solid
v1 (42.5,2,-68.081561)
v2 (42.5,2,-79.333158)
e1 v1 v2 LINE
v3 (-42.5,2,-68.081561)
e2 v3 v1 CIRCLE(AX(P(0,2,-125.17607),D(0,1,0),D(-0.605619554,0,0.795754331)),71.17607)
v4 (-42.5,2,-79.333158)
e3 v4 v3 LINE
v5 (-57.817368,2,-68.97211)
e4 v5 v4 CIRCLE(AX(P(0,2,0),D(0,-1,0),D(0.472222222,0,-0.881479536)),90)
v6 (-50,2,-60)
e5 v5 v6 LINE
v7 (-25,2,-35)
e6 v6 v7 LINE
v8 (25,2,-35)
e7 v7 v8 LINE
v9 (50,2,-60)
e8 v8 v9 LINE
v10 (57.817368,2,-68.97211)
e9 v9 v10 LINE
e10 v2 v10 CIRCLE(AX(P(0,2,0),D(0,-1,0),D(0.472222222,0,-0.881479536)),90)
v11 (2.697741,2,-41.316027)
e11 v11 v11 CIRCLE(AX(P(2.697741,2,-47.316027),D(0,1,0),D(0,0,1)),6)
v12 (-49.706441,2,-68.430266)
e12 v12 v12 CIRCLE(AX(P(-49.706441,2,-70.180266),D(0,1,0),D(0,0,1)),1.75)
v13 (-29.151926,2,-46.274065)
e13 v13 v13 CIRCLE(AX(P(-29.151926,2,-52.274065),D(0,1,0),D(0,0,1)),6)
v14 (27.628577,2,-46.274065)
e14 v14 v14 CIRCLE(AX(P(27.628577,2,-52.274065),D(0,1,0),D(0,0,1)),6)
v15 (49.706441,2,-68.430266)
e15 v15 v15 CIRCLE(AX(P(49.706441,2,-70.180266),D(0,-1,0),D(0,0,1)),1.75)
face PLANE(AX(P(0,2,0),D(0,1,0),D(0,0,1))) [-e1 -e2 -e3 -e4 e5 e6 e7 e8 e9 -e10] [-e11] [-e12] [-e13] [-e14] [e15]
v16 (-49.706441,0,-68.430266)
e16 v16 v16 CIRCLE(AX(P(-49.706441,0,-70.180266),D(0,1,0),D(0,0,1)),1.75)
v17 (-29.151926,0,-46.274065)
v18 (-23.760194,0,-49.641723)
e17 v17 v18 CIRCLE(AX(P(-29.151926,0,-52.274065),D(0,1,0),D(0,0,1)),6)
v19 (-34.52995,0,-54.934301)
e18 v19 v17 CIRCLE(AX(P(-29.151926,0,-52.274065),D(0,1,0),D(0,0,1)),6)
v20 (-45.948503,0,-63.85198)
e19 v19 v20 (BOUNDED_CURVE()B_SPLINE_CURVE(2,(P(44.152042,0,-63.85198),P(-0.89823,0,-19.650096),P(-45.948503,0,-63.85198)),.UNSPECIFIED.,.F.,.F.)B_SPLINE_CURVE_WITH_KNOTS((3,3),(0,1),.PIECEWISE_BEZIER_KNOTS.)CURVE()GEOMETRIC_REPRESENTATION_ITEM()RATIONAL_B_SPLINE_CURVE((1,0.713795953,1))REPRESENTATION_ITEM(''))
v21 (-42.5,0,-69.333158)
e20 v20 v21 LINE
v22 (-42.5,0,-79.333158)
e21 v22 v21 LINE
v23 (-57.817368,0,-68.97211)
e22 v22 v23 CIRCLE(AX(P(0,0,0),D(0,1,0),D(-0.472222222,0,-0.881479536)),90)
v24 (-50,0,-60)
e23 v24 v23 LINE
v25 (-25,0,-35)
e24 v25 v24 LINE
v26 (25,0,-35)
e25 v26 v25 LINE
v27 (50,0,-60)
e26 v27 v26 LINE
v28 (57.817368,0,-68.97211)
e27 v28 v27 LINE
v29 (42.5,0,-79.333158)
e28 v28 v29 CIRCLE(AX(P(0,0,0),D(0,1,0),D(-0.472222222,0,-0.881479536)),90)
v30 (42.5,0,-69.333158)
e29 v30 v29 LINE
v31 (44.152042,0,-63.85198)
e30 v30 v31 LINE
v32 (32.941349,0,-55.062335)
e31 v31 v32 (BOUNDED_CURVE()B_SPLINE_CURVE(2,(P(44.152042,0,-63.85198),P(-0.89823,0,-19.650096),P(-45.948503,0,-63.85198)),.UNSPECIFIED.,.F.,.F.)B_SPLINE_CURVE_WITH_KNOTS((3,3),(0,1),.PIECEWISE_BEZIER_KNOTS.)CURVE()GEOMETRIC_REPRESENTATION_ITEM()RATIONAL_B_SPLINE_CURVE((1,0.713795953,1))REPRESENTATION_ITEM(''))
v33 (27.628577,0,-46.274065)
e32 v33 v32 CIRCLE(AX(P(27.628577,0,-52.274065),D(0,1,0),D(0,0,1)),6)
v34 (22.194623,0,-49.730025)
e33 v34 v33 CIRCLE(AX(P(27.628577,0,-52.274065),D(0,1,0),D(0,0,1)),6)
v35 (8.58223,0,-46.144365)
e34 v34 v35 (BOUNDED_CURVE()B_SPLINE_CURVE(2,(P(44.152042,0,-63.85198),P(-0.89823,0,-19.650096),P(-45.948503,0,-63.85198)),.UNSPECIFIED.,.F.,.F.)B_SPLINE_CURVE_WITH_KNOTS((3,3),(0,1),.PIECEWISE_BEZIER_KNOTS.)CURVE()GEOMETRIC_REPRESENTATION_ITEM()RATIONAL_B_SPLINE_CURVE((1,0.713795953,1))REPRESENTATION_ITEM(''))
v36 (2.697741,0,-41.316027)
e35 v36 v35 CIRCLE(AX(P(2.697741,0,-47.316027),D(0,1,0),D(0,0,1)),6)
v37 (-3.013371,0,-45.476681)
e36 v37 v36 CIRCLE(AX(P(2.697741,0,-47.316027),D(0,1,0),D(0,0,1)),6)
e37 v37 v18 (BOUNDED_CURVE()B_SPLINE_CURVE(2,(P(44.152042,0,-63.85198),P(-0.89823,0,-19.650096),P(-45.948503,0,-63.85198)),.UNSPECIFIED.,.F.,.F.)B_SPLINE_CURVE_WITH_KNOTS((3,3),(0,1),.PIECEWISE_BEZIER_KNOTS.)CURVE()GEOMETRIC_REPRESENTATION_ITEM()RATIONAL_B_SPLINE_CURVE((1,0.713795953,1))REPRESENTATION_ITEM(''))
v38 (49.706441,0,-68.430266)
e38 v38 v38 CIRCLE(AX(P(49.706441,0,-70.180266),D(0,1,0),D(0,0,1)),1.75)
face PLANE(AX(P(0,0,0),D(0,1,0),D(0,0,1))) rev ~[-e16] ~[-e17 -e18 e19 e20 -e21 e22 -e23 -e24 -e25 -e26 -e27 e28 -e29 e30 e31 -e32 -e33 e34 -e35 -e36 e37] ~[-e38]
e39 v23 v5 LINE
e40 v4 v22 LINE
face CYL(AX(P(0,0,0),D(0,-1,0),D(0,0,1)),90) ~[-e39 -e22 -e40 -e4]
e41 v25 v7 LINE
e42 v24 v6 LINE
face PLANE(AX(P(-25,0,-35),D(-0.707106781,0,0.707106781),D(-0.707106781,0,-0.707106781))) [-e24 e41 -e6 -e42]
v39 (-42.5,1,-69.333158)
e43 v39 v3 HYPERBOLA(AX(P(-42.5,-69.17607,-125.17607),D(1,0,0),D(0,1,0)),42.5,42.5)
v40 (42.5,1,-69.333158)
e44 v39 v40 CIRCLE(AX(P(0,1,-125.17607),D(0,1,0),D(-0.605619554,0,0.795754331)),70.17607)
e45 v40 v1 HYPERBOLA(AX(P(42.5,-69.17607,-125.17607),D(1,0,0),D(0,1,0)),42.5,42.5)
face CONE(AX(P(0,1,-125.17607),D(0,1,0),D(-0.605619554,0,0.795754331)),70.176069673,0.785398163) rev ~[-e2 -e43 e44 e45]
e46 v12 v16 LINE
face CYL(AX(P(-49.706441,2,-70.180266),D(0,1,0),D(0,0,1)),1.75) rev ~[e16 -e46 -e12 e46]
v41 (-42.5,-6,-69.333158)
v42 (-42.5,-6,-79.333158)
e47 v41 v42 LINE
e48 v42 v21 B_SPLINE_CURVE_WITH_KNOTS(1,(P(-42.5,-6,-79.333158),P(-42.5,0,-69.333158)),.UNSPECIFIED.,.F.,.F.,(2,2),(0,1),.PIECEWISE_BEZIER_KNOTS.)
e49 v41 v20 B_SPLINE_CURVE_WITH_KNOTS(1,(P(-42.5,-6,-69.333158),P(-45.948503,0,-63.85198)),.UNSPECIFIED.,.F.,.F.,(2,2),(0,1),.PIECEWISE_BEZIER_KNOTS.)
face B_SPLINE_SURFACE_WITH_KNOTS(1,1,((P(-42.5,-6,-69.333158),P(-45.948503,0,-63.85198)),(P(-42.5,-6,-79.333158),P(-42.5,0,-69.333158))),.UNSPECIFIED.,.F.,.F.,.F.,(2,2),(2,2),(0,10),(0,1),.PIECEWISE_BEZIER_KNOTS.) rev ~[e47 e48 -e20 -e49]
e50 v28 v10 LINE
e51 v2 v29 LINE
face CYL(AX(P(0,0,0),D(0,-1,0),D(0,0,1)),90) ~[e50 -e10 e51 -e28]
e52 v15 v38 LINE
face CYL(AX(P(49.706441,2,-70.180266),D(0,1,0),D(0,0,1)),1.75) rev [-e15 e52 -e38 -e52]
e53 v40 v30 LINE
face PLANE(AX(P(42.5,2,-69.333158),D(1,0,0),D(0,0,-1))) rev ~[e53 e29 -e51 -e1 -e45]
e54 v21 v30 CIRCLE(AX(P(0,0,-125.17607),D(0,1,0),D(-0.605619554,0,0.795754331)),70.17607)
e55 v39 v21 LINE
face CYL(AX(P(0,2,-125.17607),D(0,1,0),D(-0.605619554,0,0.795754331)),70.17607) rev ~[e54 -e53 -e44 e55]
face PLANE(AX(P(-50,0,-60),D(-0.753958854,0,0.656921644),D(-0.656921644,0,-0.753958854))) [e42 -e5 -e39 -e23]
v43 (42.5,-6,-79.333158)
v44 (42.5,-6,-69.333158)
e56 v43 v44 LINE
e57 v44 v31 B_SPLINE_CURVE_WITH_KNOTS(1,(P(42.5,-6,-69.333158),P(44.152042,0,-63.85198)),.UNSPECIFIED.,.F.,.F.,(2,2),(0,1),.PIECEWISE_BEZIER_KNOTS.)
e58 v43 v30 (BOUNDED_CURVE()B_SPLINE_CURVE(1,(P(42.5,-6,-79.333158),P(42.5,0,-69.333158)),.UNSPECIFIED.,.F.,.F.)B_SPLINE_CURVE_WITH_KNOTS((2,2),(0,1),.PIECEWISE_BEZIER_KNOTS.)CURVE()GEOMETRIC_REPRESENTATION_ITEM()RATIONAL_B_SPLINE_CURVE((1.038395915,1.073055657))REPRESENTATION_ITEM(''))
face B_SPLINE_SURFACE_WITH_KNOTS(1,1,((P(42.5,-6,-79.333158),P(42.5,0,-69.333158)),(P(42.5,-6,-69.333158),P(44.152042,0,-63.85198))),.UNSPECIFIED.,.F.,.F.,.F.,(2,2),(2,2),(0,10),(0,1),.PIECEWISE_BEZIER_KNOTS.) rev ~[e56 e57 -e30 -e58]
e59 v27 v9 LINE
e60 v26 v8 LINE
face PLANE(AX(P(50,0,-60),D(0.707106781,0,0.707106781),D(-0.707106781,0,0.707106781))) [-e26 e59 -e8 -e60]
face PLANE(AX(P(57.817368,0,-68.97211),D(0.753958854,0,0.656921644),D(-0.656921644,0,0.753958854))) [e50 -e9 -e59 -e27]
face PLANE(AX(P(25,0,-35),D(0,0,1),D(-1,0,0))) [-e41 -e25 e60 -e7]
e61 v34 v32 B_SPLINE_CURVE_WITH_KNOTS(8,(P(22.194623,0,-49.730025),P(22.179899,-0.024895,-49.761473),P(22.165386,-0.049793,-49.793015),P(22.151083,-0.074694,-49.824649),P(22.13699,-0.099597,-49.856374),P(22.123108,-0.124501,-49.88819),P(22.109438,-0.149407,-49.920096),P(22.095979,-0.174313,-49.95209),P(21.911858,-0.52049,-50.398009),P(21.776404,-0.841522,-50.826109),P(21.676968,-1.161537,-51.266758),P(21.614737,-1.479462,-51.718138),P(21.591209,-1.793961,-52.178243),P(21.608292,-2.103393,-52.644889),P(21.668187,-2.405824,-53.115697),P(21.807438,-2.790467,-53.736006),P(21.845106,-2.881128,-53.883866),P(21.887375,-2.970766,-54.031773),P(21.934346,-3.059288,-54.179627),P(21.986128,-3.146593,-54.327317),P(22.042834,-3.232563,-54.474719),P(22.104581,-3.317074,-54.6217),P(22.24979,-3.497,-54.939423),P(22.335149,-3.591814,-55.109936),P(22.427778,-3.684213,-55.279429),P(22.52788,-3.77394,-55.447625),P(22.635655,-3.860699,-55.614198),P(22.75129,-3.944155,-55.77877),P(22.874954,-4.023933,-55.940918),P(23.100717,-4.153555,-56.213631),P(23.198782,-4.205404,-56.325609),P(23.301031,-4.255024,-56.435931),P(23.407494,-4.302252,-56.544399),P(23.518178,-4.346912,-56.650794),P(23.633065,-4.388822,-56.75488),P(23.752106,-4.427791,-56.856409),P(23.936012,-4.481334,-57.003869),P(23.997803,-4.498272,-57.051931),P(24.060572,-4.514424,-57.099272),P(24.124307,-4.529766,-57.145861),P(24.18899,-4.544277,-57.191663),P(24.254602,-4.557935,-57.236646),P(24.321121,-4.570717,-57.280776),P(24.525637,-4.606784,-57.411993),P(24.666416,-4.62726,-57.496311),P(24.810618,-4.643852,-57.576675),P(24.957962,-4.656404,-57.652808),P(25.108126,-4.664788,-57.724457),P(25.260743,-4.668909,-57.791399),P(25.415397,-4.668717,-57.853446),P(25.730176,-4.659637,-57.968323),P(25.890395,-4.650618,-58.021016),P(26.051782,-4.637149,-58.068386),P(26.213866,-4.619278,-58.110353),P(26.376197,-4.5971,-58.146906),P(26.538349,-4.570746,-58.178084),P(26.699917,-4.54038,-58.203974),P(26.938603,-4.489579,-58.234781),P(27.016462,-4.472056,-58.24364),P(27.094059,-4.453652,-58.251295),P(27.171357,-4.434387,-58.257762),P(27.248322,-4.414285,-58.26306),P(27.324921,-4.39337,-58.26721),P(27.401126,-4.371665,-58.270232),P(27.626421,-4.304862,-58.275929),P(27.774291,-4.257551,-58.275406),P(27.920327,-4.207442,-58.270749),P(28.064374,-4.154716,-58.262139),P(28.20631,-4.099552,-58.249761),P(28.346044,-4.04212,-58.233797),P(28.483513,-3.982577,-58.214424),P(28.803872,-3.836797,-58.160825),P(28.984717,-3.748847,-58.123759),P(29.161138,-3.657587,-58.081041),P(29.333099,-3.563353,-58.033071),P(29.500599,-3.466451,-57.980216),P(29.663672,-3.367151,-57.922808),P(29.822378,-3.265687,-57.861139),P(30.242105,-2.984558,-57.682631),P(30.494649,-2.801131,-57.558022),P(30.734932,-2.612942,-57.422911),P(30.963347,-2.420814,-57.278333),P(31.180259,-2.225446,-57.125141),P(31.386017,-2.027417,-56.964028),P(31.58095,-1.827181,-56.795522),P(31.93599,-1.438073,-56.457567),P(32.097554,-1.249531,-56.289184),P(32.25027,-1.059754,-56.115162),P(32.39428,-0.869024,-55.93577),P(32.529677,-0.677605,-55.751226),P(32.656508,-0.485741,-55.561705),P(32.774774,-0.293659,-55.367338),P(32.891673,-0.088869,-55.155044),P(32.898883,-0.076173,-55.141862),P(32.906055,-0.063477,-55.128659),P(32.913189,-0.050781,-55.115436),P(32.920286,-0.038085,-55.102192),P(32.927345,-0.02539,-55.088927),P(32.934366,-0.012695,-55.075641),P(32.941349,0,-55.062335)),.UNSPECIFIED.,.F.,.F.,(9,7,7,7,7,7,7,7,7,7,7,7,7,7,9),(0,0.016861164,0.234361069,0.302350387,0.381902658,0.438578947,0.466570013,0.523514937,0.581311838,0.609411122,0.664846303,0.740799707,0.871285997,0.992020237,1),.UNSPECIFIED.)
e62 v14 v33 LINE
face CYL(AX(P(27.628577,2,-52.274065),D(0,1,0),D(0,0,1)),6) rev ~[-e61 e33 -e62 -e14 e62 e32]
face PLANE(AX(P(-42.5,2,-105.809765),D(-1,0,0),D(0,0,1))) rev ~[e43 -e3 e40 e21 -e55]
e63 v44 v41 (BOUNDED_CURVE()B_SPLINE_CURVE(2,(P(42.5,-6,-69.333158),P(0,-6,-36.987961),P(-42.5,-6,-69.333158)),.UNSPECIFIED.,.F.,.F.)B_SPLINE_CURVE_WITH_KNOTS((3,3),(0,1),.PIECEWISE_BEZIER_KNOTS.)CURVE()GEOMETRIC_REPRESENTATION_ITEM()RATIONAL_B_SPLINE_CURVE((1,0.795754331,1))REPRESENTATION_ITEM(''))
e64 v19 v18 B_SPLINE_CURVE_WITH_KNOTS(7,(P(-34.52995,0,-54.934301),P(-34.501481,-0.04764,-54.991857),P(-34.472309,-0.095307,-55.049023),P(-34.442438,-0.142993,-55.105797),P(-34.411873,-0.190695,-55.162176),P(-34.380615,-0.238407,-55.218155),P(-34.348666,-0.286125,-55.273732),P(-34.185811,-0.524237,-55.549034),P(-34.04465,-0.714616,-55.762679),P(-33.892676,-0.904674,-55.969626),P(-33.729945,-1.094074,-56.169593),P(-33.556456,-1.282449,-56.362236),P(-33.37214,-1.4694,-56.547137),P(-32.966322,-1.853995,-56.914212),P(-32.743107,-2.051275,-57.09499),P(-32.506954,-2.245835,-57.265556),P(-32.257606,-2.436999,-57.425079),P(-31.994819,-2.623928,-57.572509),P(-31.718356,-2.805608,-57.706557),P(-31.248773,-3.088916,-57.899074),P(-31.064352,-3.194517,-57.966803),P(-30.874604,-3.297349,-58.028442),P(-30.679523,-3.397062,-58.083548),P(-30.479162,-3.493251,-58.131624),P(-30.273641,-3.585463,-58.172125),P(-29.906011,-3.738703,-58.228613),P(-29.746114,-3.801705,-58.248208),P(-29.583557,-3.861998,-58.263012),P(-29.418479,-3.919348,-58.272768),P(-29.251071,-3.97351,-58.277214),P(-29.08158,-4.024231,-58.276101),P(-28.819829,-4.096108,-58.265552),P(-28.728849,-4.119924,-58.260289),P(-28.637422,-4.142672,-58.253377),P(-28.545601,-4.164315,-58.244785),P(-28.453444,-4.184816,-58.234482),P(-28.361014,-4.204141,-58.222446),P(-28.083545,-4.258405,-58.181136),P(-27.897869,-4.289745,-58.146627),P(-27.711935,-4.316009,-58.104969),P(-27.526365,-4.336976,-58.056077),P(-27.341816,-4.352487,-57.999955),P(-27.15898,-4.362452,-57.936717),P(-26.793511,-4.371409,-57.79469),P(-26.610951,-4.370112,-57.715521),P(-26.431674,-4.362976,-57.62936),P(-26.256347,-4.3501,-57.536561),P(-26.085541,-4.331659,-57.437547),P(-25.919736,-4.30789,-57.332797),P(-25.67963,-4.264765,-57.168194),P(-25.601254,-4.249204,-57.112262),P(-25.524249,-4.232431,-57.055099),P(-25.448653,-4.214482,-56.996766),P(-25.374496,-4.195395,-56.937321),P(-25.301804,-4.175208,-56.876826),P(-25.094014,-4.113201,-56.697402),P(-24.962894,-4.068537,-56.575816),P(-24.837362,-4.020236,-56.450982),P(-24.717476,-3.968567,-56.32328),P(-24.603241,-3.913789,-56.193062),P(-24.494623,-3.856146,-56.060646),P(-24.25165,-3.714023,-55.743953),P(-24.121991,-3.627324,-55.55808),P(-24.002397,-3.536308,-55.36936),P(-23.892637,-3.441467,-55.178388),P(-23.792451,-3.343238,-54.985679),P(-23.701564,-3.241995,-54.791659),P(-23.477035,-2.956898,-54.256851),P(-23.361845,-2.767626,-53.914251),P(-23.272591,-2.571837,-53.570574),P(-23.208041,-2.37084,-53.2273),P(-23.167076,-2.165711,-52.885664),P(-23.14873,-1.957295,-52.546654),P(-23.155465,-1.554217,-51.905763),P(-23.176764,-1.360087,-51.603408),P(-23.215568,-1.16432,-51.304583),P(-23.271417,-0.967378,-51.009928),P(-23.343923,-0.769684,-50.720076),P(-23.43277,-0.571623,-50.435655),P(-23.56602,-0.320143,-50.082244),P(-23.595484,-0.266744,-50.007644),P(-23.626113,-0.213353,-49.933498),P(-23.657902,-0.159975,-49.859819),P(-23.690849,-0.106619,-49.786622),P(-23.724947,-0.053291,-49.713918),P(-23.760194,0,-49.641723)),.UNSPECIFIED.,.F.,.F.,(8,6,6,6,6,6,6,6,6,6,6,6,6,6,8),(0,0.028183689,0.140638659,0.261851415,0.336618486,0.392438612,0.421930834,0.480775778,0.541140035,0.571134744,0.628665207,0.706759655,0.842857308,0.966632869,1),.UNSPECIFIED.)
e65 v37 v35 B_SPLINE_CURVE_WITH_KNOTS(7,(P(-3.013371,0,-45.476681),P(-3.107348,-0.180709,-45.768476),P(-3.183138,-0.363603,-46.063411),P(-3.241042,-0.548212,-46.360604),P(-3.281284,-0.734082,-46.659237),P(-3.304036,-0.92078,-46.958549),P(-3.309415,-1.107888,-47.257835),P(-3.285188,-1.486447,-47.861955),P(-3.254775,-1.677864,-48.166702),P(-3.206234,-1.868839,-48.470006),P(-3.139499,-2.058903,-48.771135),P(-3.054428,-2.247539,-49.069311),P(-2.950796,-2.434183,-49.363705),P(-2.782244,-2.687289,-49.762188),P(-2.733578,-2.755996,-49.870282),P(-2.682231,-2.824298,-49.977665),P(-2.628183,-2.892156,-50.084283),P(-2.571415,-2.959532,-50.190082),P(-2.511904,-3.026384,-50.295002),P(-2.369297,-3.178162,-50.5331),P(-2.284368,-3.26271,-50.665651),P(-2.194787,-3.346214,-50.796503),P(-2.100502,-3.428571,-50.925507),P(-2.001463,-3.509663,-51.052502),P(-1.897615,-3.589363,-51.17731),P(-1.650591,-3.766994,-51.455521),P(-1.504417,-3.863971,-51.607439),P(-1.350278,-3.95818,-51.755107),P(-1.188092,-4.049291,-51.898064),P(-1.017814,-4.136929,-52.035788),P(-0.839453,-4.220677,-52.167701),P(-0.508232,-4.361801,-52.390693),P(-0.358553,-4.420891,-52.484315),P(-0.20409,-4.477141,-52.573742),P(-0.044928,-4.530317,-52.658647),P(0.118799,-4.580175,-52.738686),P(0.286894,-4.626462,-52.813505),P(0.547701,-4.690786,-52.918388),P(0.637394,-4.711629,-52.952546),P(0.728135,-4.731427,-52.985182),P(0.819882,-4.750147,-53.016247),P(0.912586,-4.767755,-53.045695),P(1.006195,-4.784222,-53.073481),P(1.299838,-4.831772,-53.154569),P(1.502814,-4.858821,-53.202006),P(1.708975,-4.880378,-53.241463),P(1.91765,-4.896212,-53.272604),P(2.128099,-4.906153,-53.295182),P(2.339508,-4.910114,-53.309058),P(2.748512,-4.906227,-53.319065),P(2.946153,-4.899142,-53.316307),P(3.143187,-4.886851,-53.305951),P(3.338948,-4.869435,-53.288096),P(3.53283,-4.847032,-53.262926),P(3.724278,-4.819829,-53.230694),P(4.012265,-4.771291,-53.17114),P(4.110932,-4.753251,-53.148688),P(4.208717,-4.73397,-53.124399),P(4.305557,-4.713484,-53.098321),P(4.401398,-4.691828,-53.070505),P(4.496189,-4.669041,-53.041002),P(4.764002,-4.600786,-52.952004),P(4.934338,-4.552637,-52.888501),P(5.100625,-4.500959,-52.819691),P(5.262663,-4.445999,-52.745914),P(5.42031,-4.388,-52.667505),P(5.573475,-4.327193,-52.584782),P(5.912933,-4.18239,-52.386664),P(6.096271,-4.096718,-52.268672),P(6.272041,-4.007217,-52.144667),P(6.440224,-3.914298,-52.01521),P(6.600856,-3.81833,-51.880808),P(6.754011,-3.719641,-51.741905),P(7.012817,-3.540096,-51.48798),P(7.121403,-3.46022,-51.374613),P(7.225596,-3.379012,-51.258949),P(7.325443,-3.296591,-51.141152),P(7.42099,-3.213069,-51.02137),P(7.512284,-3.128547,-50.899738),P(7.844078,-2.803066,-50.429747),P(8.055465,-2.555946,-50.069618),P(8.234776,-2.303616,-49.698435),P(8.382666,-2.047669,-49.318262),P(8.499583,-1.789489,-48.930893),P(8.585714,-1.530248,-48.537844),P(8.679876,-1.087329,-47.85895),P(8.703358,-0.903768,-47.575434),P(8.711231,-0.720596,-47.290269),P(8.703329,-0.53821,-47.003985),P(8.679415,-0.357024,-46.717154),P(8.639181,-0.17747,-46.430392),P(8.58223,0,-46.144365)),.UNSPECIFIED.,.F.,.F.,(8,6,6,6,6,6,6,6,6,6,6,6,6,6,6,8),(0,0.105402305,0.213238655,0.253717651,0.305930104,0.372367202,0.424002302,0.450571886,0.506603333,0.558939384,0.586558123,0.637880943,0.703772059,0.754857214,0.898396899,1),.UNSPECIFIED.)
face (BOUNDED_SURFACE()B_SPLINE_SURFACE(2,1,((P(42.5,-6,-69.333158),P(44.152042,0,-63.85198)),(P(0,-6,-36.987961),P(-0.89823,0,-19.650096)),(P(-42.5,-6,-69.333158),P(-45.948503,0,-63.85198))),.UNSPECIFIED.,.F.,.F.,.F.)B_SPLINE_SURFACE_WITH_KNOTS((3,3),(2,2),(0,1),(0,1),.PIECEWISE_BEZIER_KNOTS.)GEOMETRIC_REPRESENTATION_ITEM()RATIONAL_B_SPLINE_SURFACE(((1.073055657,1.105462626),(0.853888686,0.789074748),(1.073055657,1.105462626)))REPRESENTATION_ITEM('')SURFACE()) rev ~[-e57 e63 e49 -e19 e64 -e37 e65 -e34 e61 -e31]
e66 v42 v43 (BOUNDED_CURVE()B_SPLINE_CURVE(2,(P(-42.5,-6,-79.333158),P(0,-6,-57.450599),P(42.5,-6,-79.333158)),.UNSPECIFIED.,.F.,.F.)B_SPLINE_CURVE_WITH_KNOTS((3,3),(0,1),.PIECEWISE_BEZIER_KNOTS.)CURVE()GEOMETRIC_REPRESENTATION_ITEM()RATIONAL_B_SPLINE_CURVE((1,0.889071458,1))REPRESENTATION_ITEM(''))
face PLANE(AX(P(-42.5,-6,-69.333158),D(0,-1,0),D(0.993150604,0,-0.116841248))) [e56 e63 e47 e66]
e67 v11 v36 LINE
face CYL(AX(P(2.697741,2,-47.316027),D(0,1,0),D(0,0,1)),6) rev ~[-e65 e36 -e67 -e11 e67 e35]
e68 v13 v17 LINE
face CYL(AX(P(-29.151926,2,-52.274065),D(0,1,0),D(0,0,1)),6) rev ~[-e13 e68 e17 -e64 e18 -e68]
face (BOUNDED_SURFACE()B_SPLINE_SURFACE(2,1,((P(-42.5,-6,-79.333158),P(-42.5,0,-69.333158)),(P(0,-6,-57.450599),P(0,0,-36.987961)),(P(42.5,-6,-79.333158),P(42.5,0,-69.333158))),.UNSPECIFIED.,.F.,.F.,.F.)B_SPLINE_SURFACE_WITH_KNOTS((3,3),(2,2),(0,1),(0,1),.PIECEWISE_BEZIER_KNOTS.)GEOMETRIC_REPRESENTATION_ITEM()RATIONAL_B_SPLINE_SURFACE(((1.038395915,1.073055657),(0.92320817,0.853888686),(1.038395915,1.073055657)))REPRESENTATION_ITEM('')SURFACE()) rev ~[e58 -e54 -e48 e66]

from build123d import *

# Parameters (mm, degrees)
SKETCH1_R               = 90
BOSS_EXTRUDE1_DEPTH     = 2
CUT_EXTRUDE2_DEPTH      = 128.294933128
SKETCH9_R               = 1.75
CUT_EXTRUDE7_DEPTH      = 128.294933128
CUT_EXTRUDE8_DEPTH      = 128.294933128
CUT_EXTRUDE8_DEPTH_BACK = 128.294933128
CHAMFER3_SIZE           = 1
SKETCH17_R              = 6
CUT_EXTRUDE9_DEPTH      = 99.491613961


with BuildPart() as part:
    # Sketch1 → Boss-Extrude1 (new body)
    with BuildSketch(Plane(origin=(0, 0, 0), x_dir=(1, 0, 0), z_dir=(0, 1, 0))):
        with Locations(Location((0, 0, 0), (0, 0, 270))):
            Circle(SKETCH1_R)
    extrude(amount=BOSS_EXTRUDE1_DEPTH)

    # Sketch4 → Cut-Extrude2 (cut, through all)
    with BuildSketch(Plane(origin=(0, 2, 0), x_dir=(1, 0, 0), z_dir=(0, 1, 0))):
        with BuildLine():
            Line((-42.5, 79.333158263), (-42.5, 69.333158263))
            ThreePointArc((-42.5, 69.333158263), (0, 55), (42.5, 69.333158263))
            Line((42.5, 69.333158263), (42.5, 79.333158263))
            Line((42.5, 79.333158263), (42.5, 105.809765059))
            Line((42.5, 105.809765059), (-42.5, 105.809765059))
            Line((-42.5, 105.809765059), (-42.5, 79.333158263))
        make_face()
    extrude(amount=-CUT_EXTRUDE2_DEPTH, mode=Mode.SUBTRACT)

    # Sketch9 → Cut-Extrude7 (cut, through all)
    with BuildSketch(Plane(origin=(0, 2, 0), x_dir=(1, 0, 0), z_dir=(0, 1, 0))):
        with Locations(Location((-49.706440821, 70.180266036, 0), (0, 0, 270))):
            Circle(SKETCH9_R)
    cut_extrude7 = extrude(amount=-CUT_EXTRUDE7_DEPTH, mode=Mode.SUBTRACT)

    # Mirror1: Cut-Extrude7 across plane
    add(cut_extrude7.mirror(Plane(origin=(0, 0, 0), x_dir=(0, 0, 1), z_dir=(1, 0, 0))), mode=Mode.SUBTRACT)

    # Sketch10 → Cut-Extrude8 (cut, two sides)
    with BuildSketch(Plane.XZ) as cut_extrude8_sk:
        Polygon((349.590781265, -403.844847198), (57.81736756, -68.972110366), (50, -60), (25, -35), (-25, -35), (-50, -60), (-57.81736756, -68.972110366), (-349.590781265, -403.844847198), (-349.590781265, 484.460223862), (349.590781265, 484.460223862), align=None)
    extrude(amount=CUT_EXTRUDE8_DEPTH, mode=Mode.SUBTRACT)
    extrude(cut_extrude8_sk.sketch, amount=-CUT_EXTRUDE8_DEPTH_BACK, mode=Mode.SUBTRACT)

    # Sketch15 for Loft1 → Loft1 section 0
    with BuildSketch(Plane(origin=(0, -6, 0), x_dir=(1, 0, 0), z_dir=(0, 1, 0))):
        with BuildLine():
            Line((-42.5, 69.333158263), (-42.5, 79.333158263))
            # circular arc as an exact rational Bezier (weights 1, cos(half-angle), 1)
            Bezier((-42.5, 79.333158263), (0, 57.45059928), (42.5, 79.333158263), weights=[1, 0.889071458, 1])
            Line((42.5, 79.333158263), (42.5, 69.333158263))
            Bezier((42.5, 69.333158263), (0, 36.987960736), (-42.5, 69.333158263), weights=[1, 0.795754331, 1])
        make_face()
    # Sketch16 for Loft1 → Loft1 section 1
    with BuildSketch(Plane.XZ):
        with BuildLine():
            Line((-45.948502669, -63.851980058), (-42.5, -69.333158263))
            Bezier((-42.5, -69.333158263), (0, -36.987960736), (42.5, -69.333158263), weights=[1, 0.795754331, 1])
            Line((42.5, -69.333158263), (44.152042302, -63.851980058))
            Bezier((44.152042302, -63.851980058), (-0.898230184, -19.650095816), (-45.948502669, -63.851980058), weights=[1, 0.713795953, 1])
        make_face()
    loft()

    # Chamfer3
    chamfer3_edges = [part.edges().sort_by_distance(p)[0] for p in [
        (0, 2, -55),
    ]]
    chamfer(chamfer3_edges, length=CHAMFER3_SIZE)

    # Sketch17 → Cut-Extrude9 (cut, through all)
    with BuildSketch(Plane(origin=(0, 2, 0), x_dir=(1, 0, 0), z_dir=(0, 1, 0))):
        with Locations(Location((2.697741472, 47.316027374, 0), (0, 0, 270))):
            Circle(SKETCH17_R)
        with Locations(Location((27.628576658, 52.274065286, 0), (0, 0, 270))):
            Circle(SKETCH17_R)
        with Locations(Location((-29.151926102, 52.274065286, 0), (0, 0, 270))):
            Circle(SKETCH17_R)
    extrude(amount=-CUT_EXTRUDE9_DEPTH, mode=Mode.SUBTRACT)


solid = part.part
